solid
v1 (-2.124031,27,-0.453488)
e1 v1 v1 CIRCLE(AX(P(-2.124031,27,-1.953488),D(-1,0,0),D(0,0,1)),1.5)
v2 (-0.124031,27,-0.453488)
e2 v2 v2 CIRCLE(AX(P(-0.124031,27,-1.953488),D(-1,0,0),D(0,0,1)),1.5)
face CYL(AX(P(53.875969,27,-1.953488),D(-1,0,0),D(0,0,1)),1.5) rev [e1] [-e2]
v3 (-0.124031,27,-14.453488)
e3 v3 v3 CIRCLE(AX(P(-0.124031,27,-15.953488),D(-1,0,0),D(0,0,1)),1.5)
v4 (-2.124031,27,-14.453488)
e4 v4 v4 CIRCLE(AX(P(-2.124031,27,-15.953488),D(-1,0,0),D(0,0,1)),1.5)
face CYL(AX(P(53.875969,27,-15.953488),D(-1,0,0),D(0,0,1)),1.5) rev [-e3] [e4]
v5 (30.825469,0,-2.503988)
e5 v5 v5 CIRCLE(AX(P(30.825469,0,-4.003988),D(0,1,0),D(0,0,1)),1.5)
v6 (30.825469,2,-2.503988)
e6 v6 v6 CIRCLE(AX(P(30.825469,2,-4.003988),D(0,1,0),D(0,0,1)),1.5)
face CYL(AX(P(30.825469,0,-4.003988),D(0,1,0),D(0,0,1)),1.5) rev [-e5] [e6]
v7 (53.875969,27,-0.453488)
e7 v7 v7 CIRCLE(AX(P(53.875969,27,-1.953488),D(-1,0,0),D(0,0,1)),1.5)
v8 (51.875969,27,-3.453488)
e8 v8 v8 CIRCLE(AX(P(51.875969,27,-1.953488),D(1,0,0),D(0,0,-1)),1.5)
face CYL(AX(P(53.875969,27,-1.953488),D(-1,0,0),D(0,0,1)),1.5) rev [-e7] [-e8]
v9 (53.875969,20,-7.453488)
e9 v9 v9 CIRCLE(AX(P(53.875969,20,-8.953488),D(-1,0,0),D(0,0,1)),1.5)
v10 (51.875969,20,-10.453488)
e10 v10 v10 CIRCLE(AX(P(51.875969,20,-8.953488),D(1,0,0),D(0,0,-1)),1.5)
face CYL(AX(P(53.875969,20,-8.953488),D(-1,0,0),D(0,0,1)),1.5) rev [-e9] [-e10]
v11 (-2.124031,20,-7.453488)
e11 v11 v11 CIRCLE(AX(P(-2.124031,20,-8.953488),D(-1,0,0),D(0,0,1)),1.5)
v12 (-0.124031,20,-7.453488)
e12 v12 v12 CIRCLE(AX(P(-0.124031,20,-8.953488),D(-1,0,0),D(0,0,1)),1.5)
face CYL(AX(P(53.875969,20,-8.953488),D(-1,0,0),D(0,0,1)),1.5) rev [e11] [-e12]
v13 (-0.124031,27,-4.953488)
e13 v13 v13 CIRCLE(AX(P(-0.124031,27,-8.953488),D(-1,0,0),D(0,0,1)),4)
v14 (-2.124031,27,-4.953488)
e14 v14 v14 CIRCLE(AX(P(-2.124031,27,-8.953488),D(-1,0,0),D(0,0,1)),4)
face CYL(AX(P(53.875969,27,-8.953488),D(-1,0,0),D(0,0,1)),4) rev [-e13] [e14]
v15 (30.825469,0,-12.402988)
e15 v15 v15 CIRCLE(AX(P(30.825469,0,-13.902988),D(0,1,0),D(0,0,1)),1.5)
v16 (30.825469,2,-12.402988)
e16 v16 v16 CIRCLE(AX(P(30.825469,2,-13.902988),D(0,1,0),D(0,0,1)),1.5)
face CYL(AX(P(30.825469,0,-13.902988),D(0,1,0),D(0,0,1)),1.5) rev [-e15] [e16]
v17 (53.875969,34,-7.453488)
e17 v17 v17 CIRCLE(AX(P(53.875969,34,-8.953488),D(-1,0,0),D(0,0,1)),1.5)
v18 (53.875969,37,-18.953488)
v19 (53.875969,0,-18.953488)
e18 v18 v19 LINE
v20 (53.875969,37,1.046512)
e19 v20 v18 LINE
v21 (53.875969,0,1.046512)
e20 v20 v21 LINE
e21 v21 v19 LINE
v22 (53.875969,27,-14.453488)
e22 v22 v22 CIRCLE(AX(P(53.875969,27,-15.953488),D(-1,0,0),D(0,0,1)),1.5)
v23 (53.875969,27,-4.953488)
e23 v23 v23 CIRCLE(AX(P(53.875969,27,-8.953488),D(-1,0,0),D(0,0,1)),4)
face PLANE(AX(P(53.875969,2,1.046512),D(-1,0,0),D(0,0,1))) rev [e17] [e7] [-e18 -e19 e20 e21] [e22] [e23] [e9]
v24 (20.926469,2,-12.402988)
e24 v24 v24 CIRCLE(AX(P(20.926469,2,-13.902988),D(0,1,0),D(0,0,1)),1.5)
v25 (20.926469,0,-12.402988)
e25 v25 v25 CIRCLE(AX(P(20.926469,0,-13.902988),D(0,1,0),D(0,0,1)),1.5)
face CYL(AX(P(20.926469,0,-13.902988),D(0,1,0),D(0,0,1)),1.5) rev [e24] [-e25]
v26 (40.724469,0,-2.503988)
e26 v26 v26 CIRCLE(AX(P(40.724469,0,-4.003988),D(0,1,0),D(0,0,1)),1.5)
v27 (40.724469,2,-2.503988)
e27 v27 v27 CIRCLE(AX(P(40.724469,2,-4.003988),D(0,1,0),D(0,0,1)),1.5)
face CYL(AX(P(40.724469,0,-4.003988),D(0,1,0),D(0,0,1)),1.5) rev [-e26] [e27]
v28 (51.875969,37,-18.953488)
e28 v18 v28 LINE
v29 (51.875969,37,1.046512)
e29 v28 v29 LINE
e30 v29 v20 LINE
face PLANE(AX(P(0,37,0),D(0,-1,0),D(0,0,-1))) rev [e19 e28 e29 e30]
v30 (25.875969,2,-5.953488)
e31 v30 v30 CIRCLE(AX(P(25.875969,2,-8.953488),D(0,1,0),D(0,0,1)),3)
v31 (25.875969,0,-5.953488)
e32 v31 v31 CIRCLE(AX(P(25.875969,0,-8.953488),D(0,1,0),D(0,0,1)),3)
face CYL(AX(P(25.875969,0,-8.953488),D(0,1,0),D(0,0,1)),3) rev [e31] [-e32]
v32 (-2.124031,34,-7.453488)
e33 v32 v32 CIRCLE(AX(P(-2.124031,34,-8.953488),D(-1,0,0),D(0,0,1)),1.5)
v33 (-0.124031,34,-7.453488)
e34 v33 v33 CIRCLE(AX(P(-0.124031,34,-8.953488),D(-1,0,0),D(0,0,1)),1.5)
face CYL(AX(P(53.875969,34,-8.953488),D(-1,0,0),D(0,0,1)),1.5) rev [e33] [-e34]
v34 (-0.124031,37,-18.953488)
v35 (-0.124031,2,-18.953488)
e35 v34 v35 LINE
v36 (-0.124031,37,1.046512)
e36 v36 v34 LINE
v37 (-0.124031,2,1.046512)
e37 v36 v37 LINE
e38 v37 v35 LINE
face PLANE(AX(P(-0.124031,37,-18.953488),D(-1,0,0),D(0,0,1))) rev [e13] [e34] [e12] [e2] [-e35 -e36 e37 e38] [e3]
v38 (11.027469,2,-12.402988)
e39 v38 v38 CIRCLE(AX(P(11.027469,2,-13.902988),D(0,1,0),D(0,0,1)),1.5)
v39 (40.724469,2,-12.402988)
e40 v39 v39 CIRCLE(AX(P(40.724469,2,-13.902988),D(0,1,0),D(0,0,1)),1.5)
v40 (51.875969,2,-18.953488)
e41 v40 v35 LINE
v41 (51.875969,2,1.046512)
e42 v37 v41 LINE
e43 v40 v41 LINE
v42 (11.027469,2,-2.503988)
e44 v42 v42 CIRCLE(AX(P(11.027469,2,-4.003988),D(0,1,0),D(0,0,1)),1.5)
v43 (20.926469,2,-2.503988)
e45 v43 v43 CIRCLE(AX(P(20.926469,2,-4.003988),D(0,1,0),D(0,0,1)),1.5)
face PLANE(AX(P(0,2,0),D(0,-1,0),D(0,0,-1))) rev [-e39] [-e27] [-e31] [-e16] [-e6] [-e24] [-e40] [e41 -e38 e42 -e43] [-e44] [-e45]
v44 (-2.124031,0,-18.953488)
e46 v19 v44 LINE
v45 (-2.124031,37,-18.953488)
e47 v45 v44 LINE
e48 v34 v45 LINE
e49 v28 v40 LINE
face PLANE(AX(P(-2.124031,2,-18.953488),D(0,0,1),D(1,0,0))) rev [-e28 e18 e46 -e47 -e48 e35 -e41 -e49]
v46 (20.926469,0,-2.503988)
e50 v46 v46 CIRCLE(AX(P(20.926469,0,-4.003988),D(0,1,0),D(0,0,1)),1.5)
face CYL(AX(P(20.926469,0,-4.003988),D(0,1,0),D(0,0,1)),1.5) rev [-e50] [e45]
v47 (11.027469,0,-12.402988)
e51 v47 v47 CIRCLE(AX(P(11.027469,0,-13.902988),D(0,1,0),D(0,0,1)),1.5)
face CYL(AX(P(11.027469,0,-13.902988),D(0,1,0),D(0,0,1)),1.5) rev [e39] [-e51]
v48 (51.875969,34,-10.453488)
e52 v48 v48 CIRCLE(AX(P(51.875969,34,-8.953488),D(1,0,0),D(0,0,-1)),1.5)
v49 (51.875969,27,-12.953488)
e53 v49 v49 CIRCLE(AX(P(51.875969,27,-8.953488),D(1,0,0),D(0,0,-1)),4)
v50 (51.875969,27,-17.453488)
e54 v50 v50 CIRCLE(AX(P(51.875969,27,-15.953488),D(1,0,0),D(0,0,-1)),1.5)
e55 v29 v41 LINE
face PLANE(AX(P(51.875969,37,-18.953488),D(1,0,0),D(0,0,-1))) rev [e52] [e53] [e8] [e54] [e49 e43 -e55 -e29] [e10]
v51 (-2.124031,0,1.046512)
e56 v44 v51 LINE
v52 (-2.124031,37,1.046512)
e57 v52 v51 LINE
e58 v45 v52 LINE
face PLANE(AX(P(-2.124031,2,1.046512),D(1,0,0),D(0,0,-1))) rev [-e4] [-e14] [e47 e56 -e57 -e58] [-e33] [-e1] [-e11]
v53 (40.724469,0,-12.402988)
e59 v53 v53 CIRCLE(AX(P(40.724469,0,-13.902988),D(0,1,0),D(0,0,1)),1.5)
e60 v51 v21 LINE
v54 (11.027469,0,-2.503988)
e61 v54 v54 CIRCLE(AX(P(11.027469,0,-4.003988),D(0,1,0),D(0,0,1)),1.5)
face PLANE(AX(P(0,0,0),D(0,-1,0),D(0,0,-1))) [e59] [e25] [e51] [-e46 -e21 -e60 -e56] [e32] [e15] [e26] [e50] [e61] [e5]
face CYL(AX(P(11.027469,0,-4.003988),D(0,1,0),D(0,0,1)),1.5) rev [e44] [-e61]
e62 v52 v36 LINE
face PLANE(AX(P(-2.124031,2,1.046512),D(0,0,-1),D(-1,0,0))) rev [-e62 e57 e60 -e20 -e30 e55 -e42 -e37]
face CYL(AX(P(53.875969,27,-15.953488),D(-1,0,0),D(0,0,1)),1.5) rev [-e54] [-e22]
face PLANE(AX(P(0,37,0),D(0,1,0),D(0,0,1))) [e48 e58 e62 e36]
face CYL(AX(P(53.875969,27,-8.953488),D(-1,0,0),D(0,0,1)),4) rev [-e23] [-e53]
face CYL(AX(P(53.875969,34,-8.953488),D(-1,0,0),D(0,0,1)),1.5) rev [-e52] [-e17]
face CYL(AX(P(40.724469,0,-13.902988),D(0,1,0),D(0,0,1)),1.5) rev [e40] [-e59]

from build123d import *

# Parameters (mm, degrees)
SKETCH1_W           = 56
SKETCH1_H           = 20
BOSS_EXTRUDE1_DEPTH = 2
SKETCH2_W           = 2
SKETCH2_H           = 20
BOSS_EXTRUDE2_DEPTH = 35
SKETCH3_R           = 4
SKETCH3_R_2         = 1.5
CUT_EXTRUDE1_DEPTH  = 70.744065851
SKETCH4_R           = 1.5
SKETCH4_R_2         = 3
CUT_EXTRUDE2_DEPTH  = 67.983988806


with BuildPart() as part:
    # Sketch1 → Boss-Extrude1 (new body)
    with BuildSketch(Plane(origin=(0, 0, 0), x_dir=(1, 0, 0), z_dir=(0, 1, 0))):
        with Locations((25.875968992, 8.953488372)):
            Rectangle(SKETCH1_W, SKETCH1_H)
    extrude(amount=BOSS_EXTRUDE1_DEPTH)

    # Sketch2 → Boss-Extrude2 (add)
    with BuildSketch(Plane(origin=(0, 2, 0), x_dir=(1, 0, 0), z_dir=(0, 1, 0))):
        with Locations((-1.124031008, 8.953488372)):
            Rectangle(SKETCH2_W, SKETCH2_H)
        with Locations((52.875968992, 8.953488372)):
            Rectangle(SKETCH2_W, SKETCH2_H)
    extrude(amount=BOSS_EXTRUDE2_DEPTH)

    # Sketch3 → Cut-Extrude1 (cut, through all)
    with BuildSketch(Plane.ZY.offset(2.124031008)):
        with Locations((-8.953488372, 27)):
            Circle(SKETCH3_R)
        with Locations((-15.953488372, 27)):
            Circle(SKETCH3_R_2)
        with Locations((-1.953488372, 27)):
            Circle(SKETCH3_R_2)
        with Locations((-8.953488372, 34)):
            Circle(SKETCH3_R_2)
        with Locations((-8.953488372, 20)):
            Circle(SKETCH3_R_2)
    extrude(amount=-CUT_EXTRUDE1_DEPTH, mode=Mode.SUBTRACT)

    # Sketch4 → Cut-Extrude2 (cut, through all)
    with BuildSketch(Plane(origin=(0, 2, 0), x_dir=(1, 0, 0), z_dir=(0, 1, 0))):
        with Locations(Location((30.825468992, 4.003988372, 0), (0, 0, 270))):
            Circle(SKETCH4_R)
        with Locations(Location((20.926468992, 4.003988372, 0), (0, 0, 270))):
            Circle(SKETCH4_R)
        with Locations(Location((30.825468992, 13.902988372, 0), (0, 0, 270))):
            Circle(SKETCH4_R)
        with Locations(Location((20.926468992, 13.902988372, 0), (0, 0, 270))):
            Circle(SKETCH4_R)
        with Locations(Location((25.875968992, 8.953488372, 0), (0, 0, 270))):
            Circle(SKETCH4_R_2)
        with Locations(Location((40.724468992, 4.003988372, 0), (0, 0, 270))):
            Circle(SKETCH4_R)
        with Locations(Location((40.724468992, 13.902988372, 0), (0, 0, 270))):
            Circle(SKETCH4_R)
        with Locations(Location((11.027468992, 13.902988372, 0), (0, 0, 270))):
            Circle(SKETCH4_R)
        with Locations(Location((11.027468992, 4.003988372, 0), (0, 0, 270))):
            Circle(SKETCH4_R)
    extrude(amount=-CUT_EXTRUDE2_DEPTH, mode=Mode.SUBTRACT)


solid = part.part
